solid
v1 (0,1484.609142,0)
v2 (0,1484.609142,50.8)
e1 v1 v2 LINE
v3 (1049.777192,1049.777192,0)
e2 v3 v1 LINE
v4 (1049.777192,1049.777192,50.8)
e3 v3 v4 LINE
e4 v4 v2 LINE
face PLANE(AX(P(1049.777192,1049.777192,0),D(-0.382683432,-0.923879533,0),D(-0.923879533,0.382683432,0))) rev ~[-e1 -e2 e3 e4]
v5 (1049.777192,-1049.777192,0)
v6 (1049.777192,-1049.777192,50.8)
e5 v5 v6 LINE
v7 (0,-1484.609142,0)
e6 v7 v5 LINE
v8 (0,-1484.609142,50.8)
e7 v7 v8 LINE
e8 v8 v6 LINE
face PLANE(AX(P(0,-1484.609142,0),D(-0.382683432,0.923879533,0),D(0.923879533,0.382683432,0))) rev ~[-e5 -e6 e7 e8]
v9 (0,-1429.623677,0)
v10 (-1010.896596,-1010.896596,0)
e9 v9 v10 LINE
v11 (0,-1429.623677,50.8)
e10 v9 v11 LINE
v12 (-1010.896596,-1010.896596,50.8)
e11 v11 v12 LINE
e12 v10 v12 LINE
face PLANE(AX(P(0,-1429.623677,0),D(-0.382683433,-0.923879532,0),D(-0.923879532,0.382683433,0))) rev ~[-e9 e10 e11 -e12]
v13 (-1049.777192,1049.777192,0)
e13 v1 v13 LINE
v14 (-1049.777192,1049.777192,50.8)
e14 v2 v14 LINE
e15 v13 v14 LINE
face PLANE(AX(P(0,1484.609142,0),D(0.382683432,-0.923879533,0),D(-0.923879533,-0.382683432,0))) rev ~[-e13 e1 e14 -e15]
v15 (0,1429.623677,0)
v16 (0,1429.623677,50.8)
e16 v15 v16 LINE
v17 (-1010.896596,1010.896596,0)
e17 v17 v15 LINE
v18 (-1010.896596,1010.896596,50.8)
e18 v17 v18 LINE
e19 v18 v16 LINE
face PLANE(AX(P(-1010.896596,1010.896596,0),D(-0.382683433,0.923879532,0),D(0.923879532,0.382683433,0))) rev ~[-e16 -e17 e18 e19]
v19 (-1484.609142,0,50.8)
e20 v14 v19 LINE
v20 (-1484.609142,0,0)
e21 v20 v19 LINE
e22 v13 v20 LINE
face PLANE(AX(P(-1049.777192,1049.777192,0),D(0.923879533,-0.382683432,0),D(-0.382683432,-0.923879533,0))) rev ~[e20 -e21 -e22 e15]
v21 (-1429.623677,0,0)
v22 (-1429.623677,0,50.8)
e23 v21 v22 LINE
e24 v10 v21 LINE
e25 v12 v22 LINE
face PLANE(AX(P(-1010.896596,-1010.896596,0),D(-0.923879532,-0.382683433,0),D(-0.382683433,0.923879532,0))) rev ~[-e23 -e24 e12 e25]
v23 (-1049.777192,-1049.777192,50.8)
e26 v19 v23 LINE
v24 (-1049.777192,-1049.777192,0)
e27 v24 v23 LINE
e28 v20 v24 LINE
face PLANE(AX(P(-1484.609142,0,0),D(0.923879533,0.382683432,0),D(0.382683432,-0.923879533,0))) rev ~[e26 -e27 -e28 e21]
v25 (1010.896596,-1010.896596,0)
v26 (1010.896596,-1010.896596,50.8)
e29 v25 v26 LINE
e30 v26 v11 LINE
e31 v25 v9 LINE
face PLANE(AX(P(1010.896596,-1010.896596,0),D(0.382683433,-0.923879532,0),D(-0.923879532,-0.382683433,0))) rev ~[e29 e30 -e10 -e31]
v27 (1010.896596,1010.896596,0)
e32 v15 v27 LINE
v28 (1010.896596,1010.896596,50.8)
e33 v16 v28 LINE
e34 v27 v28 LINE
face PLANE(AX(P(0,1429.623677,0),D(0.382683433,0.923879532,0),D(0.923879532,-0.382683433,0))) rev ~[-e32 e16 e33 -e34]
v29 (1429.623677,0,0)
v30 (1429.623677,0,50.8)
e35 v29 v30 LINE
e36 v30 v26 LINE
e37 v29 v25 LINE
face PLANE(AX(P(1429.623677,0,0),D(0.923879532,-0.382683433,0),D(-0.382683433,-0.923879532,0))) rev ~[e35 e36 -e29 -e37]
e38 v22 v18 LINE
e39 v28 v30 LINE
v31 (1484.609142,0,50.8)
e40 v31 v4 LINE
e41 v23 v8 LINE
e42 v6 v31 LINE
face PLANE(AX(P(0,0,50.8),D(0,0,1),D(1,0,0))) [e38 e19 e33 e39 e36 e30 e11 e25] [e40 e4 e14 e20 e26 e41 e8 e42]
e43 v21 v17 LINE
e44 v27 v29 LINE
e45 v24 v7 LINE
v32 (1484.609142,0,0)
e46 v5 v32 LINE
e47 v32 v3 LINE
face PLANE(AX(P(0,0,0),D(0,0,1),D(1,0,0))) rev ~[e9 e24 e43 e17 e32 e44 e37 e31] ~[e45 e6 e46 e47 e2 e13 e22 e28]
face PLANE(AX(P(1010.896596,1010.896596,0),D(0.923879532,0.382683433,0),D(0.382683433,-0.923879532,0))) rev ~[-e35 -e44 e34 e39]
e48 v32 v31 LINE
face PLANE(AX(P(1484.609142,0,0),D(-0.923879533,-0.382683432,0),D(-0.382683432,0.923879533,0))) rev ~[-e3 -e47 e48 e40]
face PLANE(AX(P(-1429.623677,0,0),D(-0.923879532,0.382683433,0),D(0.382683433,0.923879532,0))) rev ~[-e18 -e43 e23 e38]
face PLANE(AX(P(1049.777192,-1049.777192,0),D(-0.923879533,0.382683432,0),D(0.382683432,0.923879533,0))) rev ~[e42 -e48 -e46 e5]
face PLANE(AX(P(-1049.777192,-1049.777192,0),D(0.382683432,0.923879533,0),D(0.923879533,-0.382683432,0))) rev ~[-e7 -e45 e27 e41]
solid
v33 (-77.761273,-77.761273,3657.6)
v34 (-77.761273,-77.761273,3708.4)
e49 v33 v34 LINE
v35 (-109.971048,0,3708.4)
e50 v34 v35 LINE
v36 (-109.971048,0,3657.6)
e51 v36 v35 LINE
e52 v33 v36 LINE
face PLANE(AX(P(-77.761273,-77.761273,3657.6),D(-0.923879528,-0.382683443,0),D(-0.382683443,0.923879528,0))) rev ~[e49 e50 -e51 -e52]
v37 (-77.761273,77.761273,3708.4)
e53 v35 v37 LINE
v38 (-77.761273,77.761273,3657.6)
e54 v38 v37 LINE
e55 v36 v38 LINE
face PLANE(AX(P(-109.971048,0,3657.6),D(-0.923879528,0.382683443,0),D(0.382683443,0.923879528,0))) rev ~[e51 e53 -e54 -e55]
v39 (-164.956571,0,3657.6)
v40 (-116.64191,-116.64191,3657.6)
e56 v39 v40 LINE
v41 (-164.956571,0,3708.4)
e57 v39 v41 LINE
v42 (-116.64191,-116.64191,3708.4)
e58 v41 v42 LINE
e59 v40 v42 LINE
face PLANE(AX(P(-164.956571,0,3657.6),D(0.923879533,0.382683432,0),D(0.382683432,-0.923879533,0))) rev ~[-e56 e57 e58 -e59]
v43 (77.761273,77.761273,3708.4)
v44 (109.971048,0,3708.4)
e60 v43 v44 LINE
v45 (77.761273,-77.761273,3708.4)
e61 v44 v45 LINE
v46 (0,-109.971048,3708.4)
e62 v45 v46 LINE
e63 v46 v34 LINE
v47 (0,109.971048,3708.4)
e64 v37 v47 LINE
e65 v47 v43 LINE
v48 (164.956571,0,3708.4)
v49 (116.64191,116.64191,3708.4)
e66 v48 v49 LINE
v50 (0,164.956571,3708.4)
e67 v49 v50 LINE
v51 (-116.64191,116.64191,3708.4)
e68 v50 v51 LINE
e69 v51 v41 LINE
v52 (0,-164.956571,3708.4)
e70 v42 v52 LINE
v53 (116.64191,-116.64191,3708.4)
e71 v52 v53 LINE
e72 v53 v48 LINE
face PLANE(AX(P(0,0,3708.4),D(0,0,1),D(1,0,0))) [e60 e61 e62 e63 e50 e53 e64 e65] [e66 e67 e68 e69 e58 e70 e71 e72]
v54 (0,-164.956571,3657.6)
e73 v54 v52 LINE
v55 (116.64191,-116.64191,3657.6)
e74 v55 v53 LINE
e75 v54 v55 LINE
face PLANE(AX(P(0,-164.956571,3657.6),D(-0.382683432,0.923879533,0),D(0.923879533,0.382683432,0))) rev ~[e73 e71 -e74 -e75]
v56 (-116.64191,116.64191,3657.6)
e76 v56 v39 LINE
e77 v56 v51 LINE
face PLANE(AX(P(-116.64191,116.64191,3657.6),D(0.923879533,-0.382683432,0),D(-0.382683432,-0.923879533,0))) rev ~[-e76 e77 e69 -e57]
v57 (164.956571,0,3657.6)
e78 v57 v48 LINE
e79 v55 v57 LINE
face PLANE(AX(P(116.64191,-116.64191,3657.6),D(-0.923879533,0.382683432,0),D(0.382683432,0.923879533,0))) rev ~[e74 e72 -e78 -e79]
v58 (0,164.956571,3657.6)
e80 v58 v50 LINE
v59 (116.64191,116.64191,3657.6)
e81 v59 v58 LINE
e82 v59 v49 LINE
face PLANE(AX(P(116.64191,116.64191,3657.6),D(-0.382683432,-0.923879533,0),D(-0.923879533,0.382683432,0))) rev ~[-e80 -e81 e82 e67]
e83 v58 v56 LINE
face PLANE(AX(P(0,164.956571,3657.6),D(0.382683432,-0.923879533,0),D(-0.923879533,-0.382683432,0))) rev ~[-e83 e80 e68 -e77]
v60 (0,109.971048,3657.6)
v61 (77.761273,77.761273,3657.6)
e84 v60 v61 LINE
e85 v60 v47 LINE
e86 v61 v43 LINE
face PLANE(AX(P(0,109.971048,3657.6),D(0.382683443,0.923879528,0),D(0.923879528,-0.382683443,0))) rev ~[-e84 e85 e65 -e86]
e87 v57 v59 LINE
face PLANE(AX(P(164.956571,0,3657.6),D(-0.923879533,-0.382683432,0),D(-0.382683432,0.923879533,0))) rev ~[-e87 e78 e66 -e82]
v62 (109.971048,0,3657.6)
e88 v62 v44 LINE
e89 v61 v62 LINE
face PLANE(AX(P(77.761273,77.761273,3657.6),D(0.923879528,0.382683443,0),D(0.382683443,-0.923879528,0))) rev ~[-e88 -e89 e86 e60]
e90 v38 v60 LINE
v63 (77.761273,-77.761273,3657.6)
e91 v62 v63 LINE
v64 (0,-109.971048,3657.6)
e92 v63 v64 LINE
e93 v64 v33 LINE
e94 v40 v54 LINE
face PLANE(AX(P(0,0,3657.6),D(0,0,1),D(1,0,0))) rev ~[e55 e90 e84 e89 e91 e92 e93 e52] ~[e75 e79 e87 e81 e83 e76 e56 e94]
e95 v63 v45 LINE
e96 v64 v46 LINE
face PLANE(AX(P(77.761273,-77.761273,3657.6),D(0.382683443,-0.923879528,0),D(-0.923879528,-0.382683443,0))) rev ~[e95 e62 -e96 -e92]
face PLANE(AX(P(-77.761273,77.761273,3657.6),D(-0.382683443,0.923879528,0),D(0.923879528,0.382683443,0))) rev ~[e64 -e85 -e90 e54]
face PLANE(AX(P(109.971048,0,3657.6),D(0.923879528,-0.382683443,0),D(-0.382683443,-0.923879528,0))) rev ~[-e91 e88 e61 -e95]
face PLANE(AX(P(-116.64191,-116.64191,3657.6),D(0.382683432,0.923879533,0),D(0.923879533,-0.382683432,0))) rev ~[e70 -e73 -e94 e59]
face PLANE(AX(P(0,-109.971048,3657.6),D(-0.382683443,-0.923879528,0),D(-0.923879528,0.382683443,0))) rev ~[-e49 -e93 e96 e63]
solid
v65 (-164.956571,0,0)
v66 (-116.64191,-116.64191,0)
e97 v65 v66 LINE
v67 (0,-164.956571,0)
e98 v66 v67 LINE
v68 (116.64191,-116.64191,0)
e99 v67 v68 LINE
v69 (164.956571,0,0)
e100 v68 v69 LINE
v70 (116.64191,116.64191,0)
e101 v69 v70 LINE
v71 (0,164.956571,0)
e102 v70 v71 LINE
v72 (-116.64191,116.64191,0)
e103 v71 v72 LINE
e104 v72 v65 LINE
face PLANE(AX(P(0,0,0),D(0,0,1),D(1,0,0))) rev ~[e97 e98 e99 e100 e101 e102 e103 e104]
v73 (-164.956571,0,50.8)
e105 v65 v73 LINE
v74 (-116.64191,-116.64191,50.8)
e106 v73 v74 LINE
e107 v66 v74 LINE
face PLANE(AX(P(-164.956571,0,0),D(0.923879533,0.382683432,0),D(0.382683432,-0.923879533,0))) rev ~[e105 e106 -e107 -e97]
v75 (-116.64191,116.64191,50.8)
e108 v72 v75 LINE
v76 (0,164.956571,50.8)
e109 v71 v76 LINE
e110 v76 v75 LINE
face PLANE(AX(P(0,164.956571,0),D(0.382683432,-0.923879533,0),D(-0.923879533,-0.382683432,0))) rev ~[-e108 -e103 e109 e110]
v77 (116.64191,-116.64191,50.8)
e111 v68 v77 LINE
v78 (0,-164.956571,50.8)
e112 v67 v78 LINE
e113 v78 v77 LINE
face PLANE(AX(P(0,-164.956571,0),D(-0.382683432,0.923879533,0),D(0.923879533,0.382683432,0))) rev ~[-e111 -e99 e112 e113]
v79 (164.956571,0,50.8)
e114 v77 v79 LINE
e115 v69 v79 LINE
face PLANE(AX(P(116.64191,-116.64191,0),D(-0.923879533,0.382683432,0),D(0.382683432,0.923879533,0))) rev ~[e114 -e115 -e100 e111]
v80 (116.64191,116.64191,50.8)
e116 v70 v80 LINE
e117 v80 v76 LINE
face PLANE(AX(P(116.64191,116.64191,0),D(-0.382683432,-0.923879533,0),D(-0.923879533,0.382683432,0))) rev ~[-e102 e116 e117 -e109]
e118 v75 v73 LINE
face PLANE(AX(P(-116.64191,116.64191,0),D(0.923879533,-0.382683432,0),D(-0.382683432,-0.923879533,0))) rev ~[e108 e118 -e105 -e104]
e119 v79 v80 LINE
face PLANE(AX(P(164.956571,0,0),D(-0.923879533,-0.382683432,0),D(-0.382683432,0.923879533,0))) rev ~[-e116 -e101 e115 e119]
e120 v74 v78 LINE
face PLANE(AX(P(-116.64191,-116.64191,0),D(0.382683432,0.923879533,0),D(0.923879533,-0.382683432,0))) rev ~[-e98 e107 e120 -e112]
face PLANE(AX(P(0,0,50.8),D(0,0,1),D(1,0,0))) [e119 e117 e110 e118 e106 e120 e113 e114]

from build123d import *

# Parameters (mm, degrees)
F1_DEPTH = 50.8
F4_DEPTH = 50.8
F6_DEPTH = 50.8


with BuildPart() as f1:
    # F0 (on Top) → F1 (new body)
    with BuildSketch(Plane.XY):
        Polygon((1049.777192, -1049.777192), (1484.609142, 0), (1049.777192, 1049.777192), (0, 1484.609142), (-1049.777192, 1049.777192), (-1484.609142, 0), (-1049.777192, -1049.777192), (0, -1484.609142), align=None)
        Polygon((-1010.896596, -1010.896596), (-1429.623677, 0), (-1010.896596, 1010.896596), (0, 1429.623677), (1010.896596, 1010.896596), (1429.623677, 0), (1010.896596, -1010.896596), (0, -1429.623677), align=None, mode=Mode.SUBTRACT)
    extrude(amount=F1_DEPTH)


with BuildPart() as f4:
    # F3 (on offset) → F4 (new body)
    with BuildSketch(Plane.XY.offset(3657.6)):
        Polygon((116.64191, -116.64191), (164.956571, 0), (116.64191, 116.64191), (0, 164.956571), (-116.64191, 116.64191), (-164.956571, 0), (-116.64191, -116.64191), (0, -164.956571), align=None)
        Polygon((-77.761273, -77.761273), (-109.971048, 0), (-77.761273, 77.761273), (0, 109.971048), (77.761273, 77.761273), (109.971048, 0), (77.761273, -77.761273), (0, -109.971048), align=None, mode=Mode.SUBTRACT)
    extrude(amount=F4_DEPTH)


with BuildPart() as f6:
    # F5 (on Top) → F6 (new body)
    with BuildSketch(Plane.XY):
        Polygon((116.64191, -116.64191), (164.956571, 0), (116.64191, 116.64191), (0, 164.956571), (-116.64191, 116.64191), (-164.956571, 0), (-116.64191, -116.64191), (0, -164.956571), align=None)
    extrude(amount=F6_DEPTH)


solid = Compound([f1.part, f4.part, f6.part])
